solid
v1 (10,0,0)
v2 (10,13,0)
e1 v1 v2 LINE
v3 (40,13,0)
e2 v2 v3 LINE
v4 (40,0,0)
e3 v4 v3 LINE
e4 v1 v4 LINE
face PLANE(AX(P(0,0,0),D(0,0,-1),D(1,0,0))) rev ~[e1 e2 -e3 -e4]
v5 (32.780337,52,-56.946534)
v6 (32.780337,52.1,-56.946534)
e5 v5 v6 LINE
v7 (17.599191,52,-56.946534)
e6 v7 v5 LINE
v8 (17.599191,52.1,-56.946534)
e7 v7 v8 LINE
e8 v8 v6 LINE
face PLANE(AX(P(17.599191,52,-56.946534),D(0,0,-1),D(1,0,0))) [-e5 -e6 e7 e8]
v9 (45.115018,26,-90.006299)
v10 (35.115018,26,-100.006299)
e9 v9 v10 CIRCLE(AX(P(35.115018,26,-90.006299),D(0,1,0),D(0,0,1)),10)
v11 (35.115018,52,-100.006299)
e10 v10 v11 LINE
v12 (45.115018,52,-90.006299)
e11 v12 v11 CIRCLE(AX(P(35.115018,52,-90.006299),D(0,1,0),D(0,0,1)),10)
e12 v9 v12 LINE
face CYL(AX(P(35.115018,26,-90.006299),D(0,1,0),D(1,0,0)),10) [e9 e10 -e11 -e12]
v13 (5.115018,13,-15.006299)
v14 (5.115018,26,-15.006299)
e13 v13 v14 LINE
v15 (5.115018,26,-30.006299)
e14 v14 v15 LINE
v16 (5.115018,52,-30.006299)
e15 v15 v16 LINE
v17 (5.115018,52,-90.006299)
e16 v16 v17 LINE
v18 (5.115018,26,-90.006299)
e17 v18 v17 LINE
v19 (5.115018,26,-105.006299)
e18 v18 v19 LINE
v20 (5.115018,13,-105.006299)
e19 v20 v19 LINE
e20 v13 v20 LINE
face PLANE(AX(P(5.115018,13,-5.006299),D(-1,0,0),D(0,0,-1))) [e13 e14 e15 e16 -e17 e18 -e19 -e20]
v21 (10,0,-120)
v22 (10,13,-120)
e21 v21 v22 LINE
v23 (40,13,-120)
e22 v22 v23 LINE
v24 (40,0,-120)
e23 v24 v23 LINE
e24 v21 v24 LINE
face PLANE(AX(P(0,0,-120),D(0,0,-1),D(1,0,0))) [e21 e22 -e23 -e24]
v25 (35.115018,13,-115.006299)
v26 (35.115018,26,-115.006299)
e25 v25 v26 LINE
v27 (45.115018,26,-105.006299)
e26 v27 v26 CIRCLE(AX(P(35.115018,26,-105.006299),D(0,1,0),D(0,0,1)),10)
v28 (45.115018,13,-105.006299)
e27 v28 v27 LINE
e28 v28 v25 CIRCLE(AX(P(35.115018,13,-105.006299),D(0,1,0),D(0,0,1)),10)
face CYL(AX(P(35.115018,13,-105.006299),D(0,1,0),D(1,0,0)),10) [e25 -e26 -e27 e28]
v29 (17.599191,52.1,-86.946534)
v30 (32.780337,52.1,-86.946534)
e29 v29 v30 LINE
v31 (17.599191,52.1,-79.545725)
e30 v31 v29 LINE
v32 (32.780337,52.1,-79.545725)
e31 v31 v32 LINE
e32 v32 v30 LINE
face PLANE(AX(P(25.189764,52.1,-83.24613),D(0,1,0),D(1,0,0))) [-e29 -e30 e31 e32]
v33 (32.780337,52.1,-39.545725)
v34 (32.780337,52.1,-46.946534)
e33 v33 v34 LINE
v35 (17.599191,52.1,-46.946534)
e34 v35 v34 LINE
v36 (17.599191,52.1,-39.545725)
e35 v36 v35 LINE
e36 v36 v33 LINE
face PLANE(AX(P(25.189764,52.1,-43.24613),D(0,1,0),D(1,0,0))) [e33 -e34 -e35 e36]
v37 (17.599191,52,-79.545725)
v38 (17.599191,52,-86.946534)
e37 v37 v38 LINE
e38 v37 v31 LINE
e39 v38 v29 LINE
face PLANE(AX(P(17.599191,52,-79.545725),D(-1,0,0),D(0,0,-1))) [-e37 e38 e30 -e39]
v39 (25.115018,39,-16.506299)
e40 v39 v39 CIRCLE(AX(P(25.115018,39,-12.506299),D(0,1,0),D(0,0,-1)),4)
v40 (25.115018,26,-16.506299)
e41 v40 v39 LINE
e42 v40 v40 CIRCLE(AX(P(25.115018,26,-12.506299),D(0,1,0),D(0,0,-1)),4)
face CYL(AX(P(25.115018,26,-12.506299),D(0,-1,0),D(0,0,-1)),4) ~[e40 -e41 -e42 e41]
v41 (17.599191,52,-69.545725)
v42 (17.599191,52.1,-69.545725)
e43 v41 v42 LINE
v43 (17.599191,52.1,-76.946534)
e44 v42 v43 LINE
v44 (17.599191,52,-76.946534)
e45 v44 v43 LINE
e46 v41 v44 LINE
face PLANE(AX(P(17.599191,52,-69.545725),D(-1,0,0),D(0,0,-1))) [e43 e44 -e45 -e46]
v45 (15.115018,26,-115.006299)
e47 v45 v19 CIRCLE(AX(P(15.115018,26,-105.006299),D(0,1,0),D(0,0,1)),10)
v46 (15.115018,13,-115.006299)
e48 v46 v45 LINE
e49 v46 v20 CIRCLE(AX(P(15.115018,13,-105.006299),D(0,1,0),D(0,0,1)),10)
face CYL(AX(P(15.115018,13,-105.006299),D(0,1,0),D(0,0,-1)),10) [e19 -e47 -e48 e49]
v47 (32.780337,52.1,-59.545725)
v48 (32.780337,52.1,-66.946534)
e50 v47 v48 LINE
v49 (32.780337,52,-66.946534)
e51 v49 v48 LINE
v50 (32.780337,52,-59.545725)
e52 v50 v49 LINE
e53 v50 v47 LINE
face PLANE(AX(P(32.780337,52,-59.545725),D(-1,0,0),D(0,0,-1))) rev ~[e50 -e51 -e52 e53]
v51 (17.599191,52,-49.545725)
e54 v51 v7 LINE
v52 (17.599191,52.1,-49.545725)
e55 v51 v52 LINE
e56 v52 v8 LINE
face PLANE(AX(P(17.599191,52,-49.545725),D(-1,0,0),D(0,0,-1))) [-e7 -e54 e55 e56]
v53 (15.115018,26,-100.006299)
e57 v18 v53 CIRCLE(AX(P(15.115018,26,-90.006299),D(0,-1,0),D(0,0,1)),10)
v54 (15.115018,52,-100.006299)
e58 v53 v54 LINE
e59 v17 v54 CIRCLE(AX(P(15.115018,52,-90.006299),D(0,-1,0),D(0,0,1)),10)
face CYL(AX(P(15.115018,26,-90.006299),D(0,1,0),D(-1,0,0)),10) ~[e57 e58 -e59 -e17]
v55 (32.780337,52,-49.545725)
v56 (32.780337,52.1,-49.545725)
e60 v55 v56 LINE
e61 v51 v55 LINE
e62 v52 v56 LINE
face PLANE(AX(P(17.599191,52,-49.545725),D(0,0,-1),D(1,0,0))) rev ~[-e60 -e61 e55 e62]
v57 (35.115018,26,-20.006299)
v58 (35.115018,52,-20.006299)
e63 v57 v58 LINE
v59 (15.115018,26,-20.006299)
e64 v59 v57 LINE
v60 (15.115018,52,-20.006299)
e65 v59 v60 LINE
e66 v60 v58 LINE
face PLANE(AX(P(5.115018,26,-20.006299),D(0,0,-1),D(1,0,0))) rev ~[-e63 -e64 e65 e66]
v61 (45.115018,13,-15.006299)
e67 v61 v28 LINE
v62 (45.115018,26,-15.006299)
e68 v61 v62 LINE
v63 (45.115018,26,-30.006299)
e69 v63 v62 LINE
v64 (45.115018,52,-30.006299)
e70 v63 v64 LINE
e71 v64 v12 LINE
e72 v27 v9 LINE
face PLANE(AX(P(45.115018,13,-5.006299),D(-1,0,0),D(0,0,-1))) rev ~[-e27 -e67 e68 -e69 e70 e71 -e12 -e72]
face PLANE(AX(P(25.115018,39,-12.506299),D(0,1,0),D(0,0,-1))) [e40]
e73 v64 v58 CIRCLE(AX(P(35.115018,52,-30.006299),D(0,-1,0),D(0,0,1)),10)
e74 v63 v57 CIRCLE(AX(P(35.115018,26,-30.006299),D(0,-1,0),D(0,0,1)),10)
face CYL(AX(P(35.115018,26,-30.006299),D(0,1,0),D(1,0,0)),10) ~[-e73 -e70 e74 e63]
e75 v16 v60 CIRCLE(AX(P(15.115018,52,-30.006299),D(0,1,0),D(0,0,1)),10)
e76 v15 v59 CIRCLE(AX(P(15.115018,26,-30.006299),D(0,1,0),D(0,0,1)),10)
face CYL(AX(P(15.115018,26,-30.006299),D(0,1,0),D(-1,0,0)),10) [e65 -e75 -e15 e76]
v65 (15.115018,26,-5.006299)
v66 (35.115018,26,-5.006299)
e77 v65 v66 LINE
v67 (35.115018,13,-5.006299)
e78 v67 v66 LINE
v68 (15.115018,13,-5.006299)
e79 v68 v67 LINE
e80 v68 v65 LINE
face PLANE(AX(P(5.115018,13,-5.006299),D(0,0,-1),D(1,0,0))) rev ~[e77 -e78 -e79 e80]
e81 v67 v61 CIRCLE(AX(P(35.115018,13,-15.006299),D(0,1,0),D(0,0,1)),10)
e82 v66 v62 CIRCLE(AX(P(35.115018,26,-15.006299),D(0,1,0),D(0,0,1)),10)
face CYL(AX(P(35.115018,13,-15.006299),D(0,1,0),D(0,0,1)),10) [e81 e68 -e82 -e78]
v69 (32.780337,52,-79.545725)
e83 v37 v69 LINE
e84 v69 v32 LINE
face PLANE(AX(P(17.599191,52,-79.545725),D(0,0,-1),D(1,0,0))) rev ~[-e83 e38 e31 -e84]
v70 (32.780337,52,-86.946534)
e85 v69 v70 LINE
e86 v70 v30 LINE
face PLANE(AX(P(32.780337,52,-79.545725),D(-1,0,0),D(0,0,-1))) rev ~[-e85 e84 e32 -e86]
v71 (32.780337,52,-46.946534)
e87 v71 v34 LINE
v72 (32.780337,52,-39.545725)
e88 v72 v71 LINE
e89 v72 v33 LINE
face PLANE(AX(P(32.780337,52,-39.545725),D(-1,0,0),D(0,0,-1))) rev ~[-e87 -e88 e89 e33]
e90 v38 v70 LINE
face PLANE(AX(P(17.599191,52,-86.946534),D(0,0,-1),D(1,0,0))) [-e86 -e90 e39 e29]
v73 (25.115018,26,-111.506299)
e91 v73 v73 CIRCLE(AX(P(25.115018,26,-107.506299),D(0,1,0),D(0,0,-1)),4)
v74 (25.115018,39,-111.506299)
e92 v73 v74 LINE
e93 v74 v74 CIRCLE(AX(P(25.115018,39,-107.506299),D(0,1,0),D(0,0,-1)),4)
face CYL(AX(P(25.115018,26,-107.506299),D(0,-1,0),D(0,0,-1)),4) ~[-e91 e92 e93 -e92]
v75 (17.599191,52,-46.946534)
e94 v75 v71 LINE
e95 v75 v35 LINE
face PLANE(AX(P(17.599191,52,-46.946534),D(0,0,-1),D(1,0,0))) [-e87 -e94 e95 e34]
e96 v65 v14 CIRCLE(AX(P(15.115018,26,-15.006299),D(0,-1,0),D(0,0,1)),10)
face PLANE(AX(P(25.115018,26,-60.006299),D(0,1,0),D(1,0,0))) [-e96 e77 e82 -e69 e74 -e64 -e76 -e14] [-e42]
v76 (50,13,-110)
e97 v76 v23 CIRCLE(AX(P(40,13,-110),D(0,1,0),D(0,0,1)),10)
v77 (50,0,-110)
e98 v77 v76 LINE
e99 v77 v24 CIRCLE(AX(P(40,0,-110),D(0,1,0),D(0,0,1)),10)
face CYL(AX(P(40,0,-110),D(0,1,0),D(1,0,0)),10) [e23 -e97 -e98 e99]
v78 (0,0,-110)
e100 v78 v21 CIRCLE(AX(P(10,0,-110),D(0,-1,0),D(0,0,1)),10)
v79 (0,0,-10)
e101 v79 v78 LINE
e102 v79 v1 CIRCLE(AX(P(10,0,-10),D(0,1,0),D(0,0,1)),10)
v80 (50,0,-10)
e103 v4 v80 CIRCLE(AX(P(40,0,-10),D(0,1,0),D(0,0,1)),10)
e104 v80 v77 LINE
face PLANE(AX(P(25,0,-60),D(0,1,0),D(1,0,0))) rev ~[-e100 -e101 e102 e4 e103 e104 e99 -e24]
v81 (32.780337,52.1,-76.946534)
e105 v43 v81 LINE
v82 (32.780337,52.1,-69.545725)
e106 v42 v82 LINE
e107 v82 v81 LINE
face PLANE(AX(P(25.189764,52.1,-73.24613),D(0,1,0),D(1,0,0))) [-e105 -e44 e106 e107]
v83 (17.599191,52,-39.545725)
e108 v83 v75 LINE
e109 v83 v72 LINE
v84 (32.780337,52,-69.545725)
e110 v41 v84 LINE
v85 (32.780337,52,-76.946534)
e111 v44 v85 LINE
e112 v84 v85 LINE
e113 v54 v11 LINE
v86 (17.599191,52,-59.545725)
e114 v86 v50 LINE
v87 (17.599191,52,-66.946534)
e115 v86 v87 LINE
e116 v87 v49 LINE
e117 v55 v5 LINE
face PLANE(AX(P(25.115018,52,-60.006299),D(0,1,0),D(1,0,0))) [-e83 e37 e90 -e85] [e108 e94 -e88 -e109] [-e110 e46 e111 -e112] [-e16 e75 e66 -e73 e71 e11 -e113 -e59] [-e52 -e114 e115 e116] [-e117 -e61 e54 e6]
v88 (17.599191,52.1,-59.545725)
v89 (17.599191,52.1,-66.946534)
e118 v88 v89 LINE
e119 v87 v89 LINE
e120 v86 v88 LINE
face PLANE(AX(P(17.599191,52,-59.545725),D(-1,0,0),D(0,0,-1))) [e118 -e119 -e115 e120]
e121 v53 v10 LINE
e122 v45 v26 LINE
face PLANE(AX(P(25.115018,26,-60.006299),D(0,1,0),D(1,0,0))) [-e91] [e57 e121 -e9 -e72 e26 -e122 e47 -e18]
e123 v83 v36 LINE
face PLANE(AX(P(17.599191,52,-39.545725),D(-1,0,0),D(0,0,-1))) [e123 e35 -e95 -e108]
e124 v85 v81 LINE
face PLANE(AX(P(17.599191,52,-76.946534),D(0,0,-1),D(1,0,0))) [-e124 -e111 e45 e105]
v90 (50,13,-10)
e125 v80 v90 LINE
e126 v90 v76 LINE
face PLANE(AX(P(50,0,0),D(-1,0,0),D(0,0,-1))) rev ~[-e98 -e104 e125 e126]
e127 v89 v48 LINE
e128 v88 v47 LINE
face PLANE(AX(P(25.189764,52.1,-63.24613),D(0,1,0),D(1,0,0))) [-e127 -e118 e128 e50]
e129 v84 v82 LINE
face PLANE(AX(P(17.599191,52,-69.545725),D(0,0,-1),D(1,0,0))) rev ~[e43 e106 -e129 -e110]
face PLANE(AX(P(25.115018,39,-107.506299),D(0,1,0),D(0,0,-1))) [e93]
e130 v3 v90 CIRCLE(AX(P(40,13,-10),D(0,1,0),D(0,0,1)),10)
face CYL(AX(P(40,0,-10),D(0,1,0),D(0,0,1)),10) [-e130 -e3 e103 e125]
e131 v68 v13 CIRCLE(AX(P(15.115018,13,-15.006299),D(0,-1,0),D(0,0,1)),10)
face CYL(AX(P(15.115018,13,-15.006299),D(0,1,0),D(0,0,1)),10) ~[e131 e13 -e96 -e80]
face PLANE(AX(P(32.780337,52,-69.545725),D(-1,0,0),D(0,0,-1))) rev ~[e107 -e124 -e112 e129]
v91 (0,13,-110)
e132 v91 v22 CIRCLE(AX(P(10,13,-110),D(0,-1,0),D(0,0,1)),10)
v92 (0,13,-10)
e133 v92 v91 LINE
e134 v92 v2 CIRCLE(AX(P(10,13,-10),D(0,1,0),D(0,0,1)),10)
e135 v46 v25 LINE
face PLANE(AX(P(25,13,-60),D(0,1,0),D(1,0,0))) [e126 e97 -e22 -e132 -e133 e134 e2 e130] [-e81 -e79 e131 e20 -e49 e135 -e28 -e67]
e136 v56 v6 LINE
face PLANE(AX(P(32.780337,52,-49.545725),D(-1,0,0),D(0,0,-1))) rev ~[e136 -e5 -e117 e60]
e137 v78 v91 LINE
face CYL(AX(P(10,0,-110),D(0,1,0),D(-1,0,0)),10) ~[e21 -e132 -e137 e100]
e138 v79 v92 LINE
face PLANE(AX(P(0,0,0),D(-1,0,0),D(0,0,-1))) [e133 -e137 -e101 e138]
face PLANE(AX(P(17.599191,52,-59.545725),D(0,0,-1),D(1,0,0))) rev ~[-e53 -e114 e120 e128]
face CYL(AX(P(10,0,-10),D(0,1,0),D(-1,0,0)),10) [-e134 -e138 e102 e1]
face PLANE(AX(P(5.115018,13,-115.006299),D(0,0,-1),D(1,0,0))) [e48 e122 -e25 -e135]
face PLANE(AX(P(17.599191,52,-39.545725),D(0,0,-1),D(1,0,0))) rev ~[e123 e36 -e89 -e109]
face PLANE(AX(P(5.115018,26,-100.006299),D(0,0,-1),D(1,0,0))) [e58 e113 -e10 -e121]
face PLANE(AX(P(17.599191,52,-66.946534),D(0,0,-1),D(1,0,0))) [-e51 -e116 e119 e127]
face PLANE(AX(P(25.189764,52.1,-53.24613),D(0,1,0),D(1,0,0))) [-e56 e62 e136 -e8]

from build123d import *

# Parameters (mm, degrees)
SKETCH1_W           = 50
SKETCH1_H           = 120
BOSS_EXTRUDE1_DEPTH = 13
FILLET1_R           = 10
SKETCH6_W           = 40
SKETCH6_H           = 110
BOSS_EXTRUDE4_DEPTH = 13
SKETCH7_W           = 40
SKETCH7_H           = 80
BOSS_EXTRUDE5_DEPTH = 26
SKETCH8_R           = 4
BOSS_EXTRUDE6_DEPTH = 13
FILLET4_R           = 10
SKETCH9_W           = 15.181145945
SKETCH9_H           = 7.400808648
BOSS_EXTRUDE7_DEPTH = 0.1


with BuildPart() as part:
    # Sketch1 → Boss-Extrude1 (new body)
    with BuildSketch(Plane(origin=(0, 0, 0), x_dir=(1, 0, 0), z_dir=(0, 1, 0))):
        with Locations((25, 60)):
            Rectangle(SKETCH1_W, SKETCH1_H)
    extrude(amount=BOSS_EXTRUDE1_DEPTH)

    # Fillet1
    fillet1_edges = [part.edges().sort_by_distance(p)[0] for p in [
        (0, 6.5, -120),
        (50, 6.5, -120),
        (50, 6.5, 0),
        (0, 6.5, 0),
    ]]
    fillet(fillet1_edges, radius=FILLET1_R)

    # Sketch6 → Boss-Extrude4 (add)
    with BuildSketch(Plane(origin=(0, 13, 0), x_dir=(1, 0, 0), z_dir=(0, 1, 0))):
        with Locations((25.115018377, 60.006298816)):
            Rectangle(SKETCH6_W, SKETCH6_H)
    extrude(amount=BOSS_EXTRUDE4_DEPTH)

    # Sketch7 → Boss-Extrude5 (add)
    with BuildSketch(Plane(origin=(0, 26, 0), x_dir=(1, 0, 0), z_dir=(0, 1, 0))):
        with Locations((25.115018377, 60.006298816)):
            Rectangle(SKETCH7_W, SKETCH7_H)
    extrude(amount=BOSS_EXTRUDE5_DEPTH)

    # Sketch8 → Boss-Extrude6 (add)
    with BuildSketch(Plane(origin=(0, 26, 0), x_dir=(1, 0, 0), z_dir=(0, 1, 0))):
        with Locations(Location((25.115018377, 107.506298816, 0), (0, 0, 90))):
            Circle(SKETCH8_R)
        with Locations(Location((25.115018377, 12.506298816, 0), (0, 0, 90))):
            Circle(SKETCH8_R)
    extrude(amount=BOSS_EXTRUDE6_DEPTH)

    # Fillet4
    fillet4_edges = [part.edges().sort_by_distance(p)[0] for p in [
        (5.115018377, 19.5, -115.006298816),
        (5.115018377, 19.5, -5.006298816),
        (45.115018377, 19.5, -5.006298816),
        (45.115018377, 19.5, -115.006298816),
        (5.115018377, 39, -100.006298816),
        (5.115018377, 39, -20.006298816),
        (45.115018377, 39, -20.006298816),
        (45.115018377, 39, -100.006298816),
    ]]
    fillet(fillet4_edges, radius=FILLET4_R)

    # Sketch9 → Boss-Extrude7 (add)
    with BuildSketch(Plane(origin=(0, 52, 0), x_dir=(1, 0, 0), z_dir=(0, 1, 0))):
        with Locations((25.189764325, 73.246129728)):
            Rectangle(SKETCH9_W, SKETCH9_H)
        with Locations((25.189764325, 83.246129728)):
            Rectangle(SKETCH9_W, SKETCH9_H)
        with Locations((25.189764325, 63.246129728)):
            Rectangle(SKETCH9_W, SKETCH9_H)
        with Locations((25.189764325, 53.246129728)):
            Rectangle(SKETCH9_W, SKETCH9_H)
        with Locations((25.189764325, 43.246129728)):
            Rectangle(SKETCH9_W, SKETCH9_H)
    extrude(amount=BOSS_EXTRUDE7_DEPTH)


solid = part.part
